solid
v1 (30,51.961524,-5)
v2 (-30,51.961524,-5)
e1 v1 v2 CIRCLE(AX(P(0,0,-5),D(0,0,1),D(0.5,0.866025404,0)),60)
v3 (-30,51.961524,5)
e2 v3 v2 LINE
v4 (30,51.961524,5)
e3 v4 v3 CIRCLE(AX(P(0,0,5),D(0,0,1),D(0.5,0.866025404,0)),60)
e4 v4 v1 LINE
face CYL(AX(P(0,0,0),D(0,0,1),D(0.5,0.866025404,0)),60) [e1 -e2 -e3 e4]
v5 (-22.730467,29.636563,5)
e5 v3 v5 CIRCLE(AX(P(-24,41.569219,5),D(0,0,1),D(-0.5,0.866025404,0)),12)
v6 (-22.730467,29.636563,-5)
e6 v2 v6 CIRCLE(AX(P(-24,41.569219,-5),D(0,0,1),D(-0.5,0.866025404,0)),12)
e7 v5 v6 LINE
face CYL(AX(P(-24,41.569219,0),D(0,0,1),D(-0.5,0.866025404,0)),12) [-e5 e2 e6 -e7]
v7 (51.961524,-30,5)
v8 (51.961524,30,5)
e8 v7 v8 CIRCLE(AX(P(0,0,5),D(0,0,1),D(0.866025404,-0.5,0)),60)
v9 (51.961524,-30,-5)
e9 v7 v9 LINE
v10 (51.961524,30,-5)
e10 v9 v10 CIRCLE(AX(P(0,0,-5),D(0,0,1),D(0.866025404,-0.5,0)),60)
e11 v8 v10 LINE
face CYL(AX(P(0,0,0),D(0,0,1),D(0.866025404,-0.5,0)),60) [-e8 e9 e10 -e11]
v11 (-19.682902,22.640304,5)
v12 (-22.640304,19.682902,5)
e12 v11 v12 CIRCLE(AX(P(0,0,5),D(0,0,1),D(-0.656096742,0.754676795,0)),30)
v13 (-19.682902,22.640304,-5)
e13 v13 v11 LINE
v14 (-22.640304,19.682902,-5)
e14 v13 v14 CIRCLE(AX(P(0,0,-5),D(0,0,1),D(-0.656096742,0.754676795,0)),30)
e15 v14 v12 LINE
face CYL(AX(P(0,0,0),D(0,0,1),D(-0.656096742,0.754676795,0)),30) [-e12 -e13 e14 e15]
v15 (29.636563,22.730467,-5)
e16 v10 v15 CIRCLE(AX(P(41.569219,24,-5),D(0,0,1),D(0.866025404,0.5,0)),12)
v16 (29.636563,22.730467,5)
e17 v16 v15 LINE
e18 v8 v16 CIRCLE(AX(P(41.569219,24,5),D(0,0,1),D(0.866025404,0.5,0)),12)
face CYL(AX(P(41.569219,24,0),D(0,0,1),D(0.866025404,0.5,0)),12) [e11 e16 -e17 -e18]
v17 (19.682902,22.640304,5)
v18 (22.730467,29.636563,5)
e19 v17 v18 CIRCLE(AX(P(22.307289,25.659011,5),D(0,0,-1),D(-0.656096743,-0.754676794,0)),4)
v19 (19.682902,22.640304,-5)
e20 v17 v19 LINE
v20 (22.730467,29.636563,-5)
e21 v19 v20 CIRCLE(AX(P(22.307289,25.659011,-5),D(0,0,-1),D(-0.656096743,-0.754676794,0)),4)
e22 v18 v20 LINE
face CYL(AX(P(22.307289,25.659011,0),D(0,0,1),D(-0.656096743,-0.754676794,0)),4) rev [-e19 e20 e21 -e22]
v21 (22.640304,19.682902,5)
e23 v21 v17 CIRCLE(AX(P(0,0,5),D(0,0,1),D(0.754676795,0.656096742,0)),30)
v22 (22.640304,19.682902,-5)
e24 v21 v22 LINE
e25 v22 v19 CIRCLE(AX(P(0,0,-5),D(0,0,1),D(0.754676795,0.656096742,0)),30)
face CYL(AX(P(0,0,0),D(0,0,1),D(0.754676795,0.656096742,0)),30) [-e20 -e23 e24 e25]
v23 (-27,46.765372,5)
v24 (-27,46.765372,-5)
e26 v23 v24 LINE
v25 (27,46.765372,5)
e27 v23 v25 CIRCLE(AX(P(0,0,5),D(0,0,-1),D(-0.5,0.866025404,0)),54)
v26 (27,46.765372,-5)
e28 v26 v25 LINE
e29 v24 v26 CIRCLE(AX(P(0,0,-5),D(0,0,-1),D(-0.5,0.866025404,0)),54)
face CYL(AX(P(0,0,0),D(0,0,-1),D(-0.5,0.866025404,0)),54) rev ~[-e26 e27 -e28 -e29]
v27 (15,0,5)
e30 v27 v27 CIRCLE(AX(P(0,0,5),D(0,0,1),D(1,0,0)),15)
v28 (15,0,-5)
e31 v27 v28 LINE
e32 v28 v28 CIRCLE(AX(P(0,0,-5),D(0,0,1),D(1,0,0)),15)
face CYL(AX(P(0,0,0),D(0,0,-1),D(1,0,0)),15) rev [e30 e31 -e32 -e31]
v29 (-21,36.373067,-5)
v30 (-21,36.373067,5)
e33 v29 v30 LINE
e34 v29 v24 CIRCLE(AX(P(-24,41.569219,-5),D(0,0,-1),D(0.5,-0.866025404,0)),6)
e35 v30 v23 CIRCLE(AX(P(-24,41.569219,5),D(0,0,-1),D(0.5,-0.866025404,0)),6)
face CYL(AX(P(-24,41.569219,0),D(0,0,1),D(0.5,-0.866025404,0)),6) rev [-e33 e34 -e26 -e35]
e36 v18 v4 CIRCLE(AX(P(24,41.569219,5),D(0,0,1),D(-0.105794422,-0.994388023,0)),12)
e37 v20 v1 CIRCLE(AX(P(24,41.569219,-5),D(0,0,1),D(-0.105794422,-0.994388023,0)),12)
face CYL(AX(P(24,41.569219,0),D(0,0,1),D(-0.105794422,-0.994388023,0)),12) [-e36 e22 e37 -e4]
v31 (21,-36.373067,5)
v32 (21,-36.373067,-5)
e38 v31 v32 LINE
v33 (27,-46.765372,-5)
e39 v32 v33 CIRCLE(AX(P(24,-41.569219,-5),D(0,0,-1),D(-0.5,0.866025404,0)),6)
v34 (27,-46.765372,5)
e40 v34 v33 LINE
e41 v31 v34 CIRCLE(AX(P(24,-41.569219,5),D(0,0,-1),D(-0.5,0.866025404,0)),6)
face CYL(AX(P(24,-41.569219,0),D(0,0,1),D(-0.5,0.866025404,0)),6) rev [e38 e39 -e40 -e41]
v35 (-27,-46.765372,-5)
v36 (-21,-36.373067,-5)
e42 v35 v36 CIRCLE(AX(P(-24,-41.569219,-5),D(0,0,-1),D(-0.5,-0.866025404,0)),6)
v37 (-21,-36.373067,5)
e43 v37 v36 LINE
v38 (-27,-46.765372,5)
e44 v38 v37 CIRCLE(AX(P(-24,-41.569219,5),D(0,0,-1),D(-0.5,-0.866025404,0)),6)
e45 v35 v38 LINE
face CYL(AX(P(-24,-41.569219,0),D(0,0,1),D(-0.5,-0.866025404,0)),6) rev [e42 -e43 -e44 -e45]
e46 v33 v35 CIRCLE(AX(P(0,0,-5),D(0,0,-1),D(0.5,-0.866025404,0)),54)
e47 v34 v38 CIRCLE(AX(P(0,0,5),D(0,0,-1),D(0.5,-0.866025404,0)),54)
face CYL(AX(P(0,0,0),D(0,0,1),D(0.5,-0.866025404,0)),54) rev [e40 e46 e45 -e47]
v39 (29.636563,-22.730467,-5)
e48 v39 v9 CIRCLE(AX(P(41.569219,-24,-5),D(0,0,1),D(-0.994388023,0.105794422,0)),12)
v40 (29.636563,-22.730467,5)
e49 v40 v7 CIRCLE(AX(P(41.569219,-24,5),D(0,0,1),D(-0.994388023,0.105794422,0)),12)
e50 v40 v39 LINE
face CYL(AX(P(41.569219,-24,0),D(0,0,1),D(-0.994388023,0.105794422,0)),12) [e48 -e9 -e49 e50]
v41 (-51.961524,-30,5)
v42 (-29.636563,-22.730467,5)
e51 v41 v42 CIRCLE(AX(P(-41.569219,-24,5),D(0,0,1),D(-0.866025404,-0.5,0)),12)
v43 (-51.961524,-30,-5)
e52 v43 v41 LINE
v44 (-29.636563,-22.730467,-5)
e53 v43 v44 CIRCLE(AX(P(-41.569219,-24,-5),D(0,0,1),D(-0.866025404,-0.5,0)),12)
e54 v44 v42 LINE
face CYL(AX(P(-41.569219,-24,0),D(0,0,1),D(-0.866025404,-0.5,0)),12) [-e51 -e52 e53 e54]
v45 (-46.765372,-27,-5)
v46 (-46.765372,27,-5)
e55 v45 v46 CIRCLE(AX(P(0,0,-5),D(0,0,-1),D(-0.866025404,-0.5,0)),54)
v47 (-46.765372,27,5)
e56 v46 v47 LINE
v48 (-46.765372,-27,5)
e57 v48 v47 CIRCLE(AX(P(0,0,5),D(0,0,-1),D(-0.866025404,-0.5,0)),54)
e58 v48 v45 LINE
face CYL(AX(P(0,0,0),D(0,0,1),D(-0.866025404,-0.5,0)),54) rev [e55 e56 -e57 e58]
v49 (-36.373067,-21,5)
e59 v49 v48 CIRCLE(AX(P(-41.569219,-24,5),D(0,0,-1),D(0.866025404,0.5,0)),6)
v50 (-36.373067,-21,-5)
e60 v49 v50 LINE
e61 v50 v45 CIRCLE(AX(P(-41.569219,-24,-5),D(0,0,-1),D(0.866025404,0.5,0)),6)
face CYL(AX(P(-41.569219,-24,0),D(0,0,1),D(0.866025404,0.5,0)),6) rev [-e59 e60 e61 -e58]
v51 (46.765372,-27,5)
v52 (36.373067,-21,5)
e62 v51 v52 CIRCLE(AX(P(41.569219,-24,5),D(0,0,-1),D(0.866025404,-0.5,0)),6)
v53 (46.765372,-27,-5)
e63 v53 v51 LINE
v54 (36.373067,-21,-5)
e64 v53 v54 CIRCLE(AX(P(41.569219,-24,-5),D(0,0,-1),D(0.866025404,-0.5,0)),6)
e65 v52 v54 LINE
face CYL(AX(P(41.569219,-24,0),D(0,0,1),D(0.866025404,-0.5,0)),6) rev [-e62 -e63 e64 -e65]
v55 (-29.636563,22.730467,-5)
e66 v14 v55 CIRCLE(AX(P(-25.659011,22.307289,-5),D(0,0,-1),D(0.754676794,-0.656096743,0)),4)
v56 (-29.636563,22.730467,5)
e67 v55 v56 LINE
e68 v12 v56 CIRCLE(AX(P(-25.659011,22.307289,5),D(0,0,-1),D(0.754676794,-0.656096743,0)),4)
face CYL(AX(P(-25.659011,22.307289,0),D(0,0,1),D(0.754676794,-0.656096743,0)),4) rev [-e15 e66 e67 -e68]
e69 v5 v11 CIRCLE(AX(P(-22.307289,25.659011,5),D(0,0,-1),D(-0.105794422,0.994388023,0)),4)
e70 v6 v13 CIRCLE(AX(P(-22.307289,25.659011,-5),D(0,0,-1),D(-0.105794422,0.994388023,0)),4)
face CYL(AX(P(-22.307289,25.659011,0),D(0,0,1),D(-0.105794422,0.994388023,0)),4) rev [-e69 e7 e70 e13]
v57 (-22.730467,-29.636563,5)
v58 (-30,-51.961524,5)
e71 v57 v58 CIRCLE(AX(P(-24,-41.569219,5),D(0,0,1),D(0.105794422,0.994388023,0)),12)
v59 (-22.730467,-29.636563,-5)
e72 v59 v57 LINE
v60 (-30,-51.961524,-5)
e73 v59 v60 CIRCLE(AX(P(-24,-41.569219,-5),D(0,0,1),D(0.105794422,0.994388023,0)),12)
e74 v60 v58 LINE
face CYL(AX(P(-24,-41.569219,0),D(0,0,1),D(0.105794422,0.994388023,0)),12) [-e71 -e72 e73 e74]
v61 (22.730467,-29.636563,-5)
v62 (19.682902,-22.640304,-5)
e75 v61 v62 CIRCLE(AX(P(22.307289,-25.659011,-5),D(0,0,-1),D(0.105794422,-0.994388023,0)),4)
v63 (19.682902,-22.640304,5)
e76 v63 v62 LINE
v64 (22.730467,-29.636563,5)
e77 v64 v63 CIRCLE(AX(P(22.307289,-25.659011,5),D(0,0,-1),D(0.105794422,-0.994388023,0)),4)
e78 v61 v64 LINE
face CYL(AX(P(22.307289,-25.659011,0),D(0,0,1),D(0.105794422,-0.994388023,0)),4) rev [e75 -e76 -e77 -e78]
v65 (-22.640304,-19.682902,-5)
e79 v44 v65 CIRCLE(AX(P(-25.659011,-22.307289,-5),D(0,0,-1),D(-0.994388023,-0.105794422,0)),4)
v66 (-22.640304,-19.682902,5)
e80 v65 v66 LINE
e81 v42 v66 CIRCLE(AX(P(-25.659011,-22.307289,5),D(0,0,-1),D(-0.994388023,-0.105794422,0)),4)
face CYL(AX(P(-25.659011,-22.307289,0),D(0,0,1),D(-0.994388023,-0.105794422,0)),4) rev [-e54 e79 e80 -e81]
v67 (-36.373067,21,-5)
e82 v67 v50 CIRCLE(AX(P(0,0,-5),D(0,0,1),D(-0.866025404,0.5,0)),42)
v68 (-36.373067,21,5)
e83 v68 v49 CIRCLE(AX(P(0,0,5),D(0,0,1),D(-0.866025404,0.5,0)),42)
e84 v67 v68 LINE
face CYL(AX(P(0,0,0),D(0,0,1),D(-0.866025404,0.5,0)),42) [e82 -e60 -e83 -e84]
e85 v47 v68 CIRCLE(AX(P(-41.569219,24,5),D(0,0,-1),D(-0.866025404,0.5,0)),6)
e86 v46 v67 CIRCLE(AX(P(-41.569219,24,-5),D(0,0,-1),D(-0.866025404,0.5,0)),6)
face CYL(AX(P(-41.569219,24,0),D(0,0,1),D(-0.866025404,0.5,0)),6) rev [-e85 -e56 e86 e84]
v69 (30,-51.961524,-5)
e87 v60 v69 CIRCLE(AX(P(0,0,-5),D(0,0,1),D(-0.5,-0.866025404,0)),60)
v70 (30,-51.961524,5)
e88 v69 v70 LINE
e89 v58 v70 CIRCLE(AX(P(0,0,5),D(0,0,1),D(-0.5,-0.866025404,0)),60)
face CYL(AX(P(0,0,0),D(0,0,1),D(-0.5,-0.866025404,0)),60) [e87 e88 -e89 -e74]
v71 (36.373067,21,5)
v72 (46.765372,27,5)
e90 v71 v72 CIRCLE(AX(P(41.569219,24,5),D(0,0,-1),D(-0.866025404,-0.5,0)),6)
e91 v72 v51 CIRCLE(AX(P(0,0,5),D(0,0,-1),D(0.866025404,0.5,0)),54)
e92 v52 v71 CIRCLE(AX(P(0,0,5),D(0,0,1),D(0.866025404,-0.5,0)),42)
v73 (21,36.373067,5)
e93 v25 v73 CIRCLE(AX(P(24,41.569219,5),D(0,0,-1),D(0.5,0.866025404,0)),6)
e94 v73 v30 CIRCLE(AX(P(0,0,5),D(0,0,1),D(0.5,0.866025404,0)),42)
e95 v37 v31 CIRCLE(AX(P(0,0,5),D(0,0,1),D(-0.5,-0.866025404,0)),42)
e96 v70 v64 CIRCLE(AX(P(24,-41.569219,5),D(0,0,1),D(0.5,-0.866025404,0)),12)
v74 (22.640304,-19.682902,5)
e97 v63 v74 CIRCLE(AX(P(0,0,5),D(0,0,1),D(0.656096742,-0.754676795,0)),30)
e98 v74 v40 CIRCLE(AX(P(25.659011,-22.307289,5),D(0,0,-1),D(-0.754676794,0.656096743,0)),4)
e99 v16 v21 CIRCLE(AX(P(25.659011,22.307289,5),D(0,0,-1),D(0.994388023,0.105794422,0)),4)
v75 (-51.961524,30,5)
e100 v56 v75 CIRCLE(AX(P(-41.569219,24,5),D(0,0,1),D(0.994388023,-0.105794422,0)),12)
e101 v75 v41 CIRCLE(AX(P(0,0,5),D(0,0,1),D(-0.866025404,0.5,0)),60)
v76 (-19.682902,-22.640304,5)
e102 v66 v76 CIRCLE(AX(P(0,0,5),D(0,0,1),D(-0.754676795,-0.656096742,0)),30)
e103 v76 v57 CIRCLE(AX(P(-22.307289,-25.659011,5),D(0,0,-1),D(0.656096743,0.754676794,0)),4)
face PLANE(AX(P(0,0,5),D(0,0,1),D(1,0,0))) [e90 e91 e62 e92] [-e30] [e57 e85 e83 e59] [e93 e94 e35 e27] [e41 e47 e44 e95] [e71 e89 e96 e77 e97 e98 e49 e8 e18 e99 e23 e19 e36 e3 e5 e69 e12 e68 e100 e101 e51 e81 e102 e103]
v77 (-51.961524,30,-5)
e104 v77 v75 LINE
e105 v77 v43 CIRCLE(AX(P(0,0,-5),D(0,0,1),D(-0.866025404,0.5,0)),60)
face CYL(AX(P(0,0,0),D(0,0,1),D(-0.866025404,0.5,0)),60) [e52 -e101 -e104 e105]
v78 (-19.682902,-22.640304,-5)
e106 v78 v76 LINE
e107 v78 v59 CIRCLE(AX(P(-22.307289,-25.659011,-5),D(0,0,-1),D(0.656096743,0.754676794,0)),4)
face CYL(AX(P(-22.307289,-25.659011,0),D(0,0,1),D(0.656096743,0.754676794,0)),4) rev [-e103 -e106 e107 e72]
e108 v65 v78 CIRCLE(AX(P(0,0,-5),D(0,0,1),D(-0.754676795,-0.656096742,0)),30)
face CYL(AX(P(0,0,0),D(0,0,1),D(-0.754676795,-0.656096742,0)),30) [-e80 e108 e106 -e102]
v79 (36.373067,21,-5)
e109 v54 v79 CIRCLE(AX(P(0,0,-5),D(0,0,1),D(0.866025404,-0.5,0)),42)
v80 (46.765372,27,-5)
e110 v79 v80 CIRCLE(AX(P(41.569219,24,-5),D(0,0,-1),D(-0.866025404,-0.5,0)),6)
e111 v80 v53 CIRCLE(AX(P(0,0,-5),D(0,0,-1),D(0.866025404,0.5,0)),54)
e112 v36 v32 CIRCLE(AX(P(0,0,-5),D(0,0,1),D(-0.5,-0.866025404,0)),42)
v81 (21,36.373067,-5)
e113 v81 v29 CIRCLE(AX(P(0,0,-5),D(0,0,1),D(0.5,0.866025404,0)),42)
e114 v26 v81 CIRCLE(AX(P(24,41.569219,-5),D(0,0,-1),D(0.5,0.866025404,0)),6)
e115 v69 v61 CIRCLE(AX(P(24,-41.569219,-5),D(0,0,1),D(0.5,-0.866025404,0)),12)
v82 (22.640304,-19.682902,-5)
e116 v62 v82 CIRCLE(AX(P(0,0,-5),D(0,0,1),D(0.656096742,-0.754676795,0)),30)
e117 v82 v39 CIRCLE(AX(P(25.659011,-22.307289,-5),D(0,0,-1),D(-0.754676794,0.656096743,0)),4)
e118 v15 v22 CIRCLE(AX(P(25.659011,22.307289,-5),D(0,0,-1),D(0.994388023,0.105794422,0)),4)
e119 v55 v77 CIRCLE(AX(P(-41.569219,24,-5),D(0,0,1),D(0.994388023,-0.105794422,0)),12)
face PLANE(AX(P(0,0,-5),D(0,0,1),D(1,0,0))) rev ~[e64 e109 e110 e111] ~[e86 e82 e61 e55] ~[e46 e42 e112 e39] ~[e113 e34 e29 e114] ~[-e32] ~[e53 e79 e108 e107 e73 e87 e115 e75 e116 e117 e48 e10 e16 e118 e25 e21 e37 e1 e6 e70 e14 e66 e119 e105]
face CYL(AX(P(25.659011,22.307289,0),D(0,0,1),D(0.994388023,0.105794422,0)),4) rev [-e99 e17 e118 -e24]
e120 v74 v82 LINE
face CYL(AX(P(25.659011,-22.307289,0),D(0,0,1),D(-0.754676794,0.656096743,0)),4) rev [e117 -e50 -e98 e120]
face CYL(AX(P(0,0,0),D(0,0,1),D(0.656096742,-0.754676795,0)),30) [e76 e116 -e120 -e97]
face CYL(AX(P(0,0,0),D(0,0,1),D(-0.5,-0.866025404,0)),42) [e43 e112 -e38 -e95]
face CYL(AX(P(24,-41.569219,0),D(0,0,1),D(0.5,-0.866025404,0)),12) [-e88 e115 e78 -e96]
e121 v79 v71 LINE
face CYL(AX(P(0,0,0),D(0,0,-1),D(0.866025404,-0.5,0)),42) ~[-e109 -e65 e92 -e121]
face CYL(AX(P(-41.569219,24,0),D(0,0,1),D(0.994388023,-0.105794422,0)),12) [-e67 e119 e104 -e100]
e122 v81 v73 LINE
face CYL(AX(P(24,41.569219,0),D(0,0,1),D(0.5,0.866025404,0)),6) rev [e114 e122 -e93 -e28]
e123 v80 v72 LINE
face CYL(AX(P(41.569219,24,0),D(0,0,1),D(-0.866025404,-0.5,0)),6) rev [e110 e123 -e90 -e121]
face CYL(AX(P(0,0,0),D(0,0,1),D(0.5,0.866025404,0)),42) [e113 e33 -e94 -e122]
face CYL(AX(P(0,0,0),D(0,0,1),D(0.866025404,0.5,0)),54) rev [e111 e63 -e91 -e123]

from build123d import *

# Parameters (mm, degrees)
SKETCH2_R           = 15
BOSS_EXTRUDE1_DEPTH = 5


with BuildPart() as part:
    # Sketch2 → Boss-Extrude1 (new, symmetric)
    with BuildSketch(Plane.XY):
        with BuildLine():
            ThreePointArc((-22.73046694, 29.636563105), (-18.64010484, 27.256433461), (-19.682902282, 22.640303835))
            ThreePointArc((-19.682902282, 22.640303835), (-21.213203436, 21.213203436), (-22.640303835, 19.682902282))
            ThreePointArc((-22.640303835, 19.682902282), (-27.256433461, 18.64010484), (-29.636563105, 22.73046694))
            ThreePointArc((-29.636563105, 22.73046694), (-37.853751933, 35.41031558), (-51.961524227, 30))
            ThreePointArc((-51.961524227, 30), (-60, 0), (-51.961524227, -30))
            ThreePointArc((-51.961524227, -30), (-37.853751933, -35.41031558), (-29.636563105, -22.73046694))
            ThreePointArc((-29.636563105, -22.73046694), (-27.256433461, -18.64010484), (-22.640303835, -19.682902282))
            ThreePointArc((-22.640303835, -19.682902282), (-21.213203436, -21.213203436), (-19.682902282, -22.640303835))
            ThreePointArc((-19.682902282, -22.640303835), (-18.64010484, -27.256433461), (-22.73046694, -29.636563105))
            ThreePointArc((-22.73046694, -29.636563105), (-35.41031558, -37.853751933), (-30, -51.961524227))
            ThreePointArc((-30, -51.961524227), (0, -60), (30, -51.961524227))
            ThreePointArc((30, -51.961524227), (35.41031558, -37.853751933), (22.73046694, -29.636563105))
            ThreePointArc((22.73046694, -29.636563105), (18.64010484, -27.256433461), (19.682902282, -22.640303835))
            ThreePointArc((19.682902282, -22.640303835), (21.213203436, -21.213203436), (22.640303835, -19.682902282))
            ThreePointArc((22.640303835, -19.682902282), (27.256433461, -18.64010484), (29.636563105, -22.73046694))
            ThreePointArc((29.636563105, -22.73046694), (37.853751933, -35.41031558), (51.961524227, -30))
            ThreePointArc((51.961524227, -30), (60, 0), (51.961524227, 30))
            ThreePointArc((51.961524227, 30), (37.853751933, 35.41031558), (29.636563105, 22.73046694))
            ThreePointArc((29.636563105, 22.73046694), (27.256433461, 18.64010484), (22.640303835, 19.682902282))
            ThreePointArc((22.640303835, 19.682902282), (21.213203436, 21.213203436), (19.682902282, 22.640303835))
            ThreePointArc((19.682902282, 22.640303835), (18.64010484, 27.256433461), (22.73046694, 29.636563105))
            ThreePointArc((22.73046694, 29.636563105), (35.41031558, 37.853751933), (30, 51.961524227))
            ThreePointArc((30, 51.961524227), (0, 60), (-30, 51.961524227))
            ThreePointArc((-30, 51.961524227), (-35.41031558, 37.853751933), (-22.73046694, 29.636563105))
        make_face()
        Circle(SKETCH2_R, mode=Mode.SUBTRACT)
        with BuildLine():
            ThreePointArc((-21, 36.373066959), (-29.196152423, 38.569219382), (-27, 46.765371804))
            ThreePointArc((-27, 46.765371804), (0, 54), (27, 46.765371804))
            ThreePointArc((27, 46.765371804), (29.196152423, 38.569219382), (21, 36.373066959))
            ThreePointArc((21, 36.373066959), (0, 42), (-21, 36.373066959))
        make_face(mode=Mode.SUBTRACT)
        with BuildLine():
            ThreePointArc((-46.765371804, 27), (-38.569219382, 29.196152423), (-36.373066959, 21))
            ThreePointArc((-36.373066959, 21), (-42, 0), (-36.373066959, -21))
            ThreePointArc((-36.373066959, -21), (-38.569219382, -29.196152423), (-46.765371804, -27))
            ThreePointArc((-46.765371804, -27), (-54, 0), (-46.765371804, 27))
        make_face(mode=Mode.SUBTRACT)
        with BuildLine():
            ThreePointArc((46.765371804, -27), (38.569219382, -29.196152423), (36.373066959, -21))
            ThreePointArc((36.373066959, -21), (42, 0), (36.373066959, 21))
            ThreePointArc((36.373066959, 21), (38.569219382, 29.196152423), (46.765371804, 27))
            ThreePointArc((46.765371804, 27), (54, 0), (46.765371804, -27))
        make_face(mode=Mode.SUBTRACT)
        with BuildLine():
            ThreePointArc((-27, -46.765371804), (-29.196152423, -38.569219382), (-21, -36.373066959))
            ThreePointArc((-21, -36.373066959), (0, -42), (21, -36.373066959))
            ThreePointArc((21, -36.373066959), (29.196152423, -38.569219382), (27, -46.765371804))
            ThreePointArc((27, -46.765371804), (0, -54), (-27, -46.765371804))
        make_face(mode=Mode.SUBTRACT)
    extrude(amount=BOSS_EXTRUDE1_DEPTH, both=True)


solid = part.part
